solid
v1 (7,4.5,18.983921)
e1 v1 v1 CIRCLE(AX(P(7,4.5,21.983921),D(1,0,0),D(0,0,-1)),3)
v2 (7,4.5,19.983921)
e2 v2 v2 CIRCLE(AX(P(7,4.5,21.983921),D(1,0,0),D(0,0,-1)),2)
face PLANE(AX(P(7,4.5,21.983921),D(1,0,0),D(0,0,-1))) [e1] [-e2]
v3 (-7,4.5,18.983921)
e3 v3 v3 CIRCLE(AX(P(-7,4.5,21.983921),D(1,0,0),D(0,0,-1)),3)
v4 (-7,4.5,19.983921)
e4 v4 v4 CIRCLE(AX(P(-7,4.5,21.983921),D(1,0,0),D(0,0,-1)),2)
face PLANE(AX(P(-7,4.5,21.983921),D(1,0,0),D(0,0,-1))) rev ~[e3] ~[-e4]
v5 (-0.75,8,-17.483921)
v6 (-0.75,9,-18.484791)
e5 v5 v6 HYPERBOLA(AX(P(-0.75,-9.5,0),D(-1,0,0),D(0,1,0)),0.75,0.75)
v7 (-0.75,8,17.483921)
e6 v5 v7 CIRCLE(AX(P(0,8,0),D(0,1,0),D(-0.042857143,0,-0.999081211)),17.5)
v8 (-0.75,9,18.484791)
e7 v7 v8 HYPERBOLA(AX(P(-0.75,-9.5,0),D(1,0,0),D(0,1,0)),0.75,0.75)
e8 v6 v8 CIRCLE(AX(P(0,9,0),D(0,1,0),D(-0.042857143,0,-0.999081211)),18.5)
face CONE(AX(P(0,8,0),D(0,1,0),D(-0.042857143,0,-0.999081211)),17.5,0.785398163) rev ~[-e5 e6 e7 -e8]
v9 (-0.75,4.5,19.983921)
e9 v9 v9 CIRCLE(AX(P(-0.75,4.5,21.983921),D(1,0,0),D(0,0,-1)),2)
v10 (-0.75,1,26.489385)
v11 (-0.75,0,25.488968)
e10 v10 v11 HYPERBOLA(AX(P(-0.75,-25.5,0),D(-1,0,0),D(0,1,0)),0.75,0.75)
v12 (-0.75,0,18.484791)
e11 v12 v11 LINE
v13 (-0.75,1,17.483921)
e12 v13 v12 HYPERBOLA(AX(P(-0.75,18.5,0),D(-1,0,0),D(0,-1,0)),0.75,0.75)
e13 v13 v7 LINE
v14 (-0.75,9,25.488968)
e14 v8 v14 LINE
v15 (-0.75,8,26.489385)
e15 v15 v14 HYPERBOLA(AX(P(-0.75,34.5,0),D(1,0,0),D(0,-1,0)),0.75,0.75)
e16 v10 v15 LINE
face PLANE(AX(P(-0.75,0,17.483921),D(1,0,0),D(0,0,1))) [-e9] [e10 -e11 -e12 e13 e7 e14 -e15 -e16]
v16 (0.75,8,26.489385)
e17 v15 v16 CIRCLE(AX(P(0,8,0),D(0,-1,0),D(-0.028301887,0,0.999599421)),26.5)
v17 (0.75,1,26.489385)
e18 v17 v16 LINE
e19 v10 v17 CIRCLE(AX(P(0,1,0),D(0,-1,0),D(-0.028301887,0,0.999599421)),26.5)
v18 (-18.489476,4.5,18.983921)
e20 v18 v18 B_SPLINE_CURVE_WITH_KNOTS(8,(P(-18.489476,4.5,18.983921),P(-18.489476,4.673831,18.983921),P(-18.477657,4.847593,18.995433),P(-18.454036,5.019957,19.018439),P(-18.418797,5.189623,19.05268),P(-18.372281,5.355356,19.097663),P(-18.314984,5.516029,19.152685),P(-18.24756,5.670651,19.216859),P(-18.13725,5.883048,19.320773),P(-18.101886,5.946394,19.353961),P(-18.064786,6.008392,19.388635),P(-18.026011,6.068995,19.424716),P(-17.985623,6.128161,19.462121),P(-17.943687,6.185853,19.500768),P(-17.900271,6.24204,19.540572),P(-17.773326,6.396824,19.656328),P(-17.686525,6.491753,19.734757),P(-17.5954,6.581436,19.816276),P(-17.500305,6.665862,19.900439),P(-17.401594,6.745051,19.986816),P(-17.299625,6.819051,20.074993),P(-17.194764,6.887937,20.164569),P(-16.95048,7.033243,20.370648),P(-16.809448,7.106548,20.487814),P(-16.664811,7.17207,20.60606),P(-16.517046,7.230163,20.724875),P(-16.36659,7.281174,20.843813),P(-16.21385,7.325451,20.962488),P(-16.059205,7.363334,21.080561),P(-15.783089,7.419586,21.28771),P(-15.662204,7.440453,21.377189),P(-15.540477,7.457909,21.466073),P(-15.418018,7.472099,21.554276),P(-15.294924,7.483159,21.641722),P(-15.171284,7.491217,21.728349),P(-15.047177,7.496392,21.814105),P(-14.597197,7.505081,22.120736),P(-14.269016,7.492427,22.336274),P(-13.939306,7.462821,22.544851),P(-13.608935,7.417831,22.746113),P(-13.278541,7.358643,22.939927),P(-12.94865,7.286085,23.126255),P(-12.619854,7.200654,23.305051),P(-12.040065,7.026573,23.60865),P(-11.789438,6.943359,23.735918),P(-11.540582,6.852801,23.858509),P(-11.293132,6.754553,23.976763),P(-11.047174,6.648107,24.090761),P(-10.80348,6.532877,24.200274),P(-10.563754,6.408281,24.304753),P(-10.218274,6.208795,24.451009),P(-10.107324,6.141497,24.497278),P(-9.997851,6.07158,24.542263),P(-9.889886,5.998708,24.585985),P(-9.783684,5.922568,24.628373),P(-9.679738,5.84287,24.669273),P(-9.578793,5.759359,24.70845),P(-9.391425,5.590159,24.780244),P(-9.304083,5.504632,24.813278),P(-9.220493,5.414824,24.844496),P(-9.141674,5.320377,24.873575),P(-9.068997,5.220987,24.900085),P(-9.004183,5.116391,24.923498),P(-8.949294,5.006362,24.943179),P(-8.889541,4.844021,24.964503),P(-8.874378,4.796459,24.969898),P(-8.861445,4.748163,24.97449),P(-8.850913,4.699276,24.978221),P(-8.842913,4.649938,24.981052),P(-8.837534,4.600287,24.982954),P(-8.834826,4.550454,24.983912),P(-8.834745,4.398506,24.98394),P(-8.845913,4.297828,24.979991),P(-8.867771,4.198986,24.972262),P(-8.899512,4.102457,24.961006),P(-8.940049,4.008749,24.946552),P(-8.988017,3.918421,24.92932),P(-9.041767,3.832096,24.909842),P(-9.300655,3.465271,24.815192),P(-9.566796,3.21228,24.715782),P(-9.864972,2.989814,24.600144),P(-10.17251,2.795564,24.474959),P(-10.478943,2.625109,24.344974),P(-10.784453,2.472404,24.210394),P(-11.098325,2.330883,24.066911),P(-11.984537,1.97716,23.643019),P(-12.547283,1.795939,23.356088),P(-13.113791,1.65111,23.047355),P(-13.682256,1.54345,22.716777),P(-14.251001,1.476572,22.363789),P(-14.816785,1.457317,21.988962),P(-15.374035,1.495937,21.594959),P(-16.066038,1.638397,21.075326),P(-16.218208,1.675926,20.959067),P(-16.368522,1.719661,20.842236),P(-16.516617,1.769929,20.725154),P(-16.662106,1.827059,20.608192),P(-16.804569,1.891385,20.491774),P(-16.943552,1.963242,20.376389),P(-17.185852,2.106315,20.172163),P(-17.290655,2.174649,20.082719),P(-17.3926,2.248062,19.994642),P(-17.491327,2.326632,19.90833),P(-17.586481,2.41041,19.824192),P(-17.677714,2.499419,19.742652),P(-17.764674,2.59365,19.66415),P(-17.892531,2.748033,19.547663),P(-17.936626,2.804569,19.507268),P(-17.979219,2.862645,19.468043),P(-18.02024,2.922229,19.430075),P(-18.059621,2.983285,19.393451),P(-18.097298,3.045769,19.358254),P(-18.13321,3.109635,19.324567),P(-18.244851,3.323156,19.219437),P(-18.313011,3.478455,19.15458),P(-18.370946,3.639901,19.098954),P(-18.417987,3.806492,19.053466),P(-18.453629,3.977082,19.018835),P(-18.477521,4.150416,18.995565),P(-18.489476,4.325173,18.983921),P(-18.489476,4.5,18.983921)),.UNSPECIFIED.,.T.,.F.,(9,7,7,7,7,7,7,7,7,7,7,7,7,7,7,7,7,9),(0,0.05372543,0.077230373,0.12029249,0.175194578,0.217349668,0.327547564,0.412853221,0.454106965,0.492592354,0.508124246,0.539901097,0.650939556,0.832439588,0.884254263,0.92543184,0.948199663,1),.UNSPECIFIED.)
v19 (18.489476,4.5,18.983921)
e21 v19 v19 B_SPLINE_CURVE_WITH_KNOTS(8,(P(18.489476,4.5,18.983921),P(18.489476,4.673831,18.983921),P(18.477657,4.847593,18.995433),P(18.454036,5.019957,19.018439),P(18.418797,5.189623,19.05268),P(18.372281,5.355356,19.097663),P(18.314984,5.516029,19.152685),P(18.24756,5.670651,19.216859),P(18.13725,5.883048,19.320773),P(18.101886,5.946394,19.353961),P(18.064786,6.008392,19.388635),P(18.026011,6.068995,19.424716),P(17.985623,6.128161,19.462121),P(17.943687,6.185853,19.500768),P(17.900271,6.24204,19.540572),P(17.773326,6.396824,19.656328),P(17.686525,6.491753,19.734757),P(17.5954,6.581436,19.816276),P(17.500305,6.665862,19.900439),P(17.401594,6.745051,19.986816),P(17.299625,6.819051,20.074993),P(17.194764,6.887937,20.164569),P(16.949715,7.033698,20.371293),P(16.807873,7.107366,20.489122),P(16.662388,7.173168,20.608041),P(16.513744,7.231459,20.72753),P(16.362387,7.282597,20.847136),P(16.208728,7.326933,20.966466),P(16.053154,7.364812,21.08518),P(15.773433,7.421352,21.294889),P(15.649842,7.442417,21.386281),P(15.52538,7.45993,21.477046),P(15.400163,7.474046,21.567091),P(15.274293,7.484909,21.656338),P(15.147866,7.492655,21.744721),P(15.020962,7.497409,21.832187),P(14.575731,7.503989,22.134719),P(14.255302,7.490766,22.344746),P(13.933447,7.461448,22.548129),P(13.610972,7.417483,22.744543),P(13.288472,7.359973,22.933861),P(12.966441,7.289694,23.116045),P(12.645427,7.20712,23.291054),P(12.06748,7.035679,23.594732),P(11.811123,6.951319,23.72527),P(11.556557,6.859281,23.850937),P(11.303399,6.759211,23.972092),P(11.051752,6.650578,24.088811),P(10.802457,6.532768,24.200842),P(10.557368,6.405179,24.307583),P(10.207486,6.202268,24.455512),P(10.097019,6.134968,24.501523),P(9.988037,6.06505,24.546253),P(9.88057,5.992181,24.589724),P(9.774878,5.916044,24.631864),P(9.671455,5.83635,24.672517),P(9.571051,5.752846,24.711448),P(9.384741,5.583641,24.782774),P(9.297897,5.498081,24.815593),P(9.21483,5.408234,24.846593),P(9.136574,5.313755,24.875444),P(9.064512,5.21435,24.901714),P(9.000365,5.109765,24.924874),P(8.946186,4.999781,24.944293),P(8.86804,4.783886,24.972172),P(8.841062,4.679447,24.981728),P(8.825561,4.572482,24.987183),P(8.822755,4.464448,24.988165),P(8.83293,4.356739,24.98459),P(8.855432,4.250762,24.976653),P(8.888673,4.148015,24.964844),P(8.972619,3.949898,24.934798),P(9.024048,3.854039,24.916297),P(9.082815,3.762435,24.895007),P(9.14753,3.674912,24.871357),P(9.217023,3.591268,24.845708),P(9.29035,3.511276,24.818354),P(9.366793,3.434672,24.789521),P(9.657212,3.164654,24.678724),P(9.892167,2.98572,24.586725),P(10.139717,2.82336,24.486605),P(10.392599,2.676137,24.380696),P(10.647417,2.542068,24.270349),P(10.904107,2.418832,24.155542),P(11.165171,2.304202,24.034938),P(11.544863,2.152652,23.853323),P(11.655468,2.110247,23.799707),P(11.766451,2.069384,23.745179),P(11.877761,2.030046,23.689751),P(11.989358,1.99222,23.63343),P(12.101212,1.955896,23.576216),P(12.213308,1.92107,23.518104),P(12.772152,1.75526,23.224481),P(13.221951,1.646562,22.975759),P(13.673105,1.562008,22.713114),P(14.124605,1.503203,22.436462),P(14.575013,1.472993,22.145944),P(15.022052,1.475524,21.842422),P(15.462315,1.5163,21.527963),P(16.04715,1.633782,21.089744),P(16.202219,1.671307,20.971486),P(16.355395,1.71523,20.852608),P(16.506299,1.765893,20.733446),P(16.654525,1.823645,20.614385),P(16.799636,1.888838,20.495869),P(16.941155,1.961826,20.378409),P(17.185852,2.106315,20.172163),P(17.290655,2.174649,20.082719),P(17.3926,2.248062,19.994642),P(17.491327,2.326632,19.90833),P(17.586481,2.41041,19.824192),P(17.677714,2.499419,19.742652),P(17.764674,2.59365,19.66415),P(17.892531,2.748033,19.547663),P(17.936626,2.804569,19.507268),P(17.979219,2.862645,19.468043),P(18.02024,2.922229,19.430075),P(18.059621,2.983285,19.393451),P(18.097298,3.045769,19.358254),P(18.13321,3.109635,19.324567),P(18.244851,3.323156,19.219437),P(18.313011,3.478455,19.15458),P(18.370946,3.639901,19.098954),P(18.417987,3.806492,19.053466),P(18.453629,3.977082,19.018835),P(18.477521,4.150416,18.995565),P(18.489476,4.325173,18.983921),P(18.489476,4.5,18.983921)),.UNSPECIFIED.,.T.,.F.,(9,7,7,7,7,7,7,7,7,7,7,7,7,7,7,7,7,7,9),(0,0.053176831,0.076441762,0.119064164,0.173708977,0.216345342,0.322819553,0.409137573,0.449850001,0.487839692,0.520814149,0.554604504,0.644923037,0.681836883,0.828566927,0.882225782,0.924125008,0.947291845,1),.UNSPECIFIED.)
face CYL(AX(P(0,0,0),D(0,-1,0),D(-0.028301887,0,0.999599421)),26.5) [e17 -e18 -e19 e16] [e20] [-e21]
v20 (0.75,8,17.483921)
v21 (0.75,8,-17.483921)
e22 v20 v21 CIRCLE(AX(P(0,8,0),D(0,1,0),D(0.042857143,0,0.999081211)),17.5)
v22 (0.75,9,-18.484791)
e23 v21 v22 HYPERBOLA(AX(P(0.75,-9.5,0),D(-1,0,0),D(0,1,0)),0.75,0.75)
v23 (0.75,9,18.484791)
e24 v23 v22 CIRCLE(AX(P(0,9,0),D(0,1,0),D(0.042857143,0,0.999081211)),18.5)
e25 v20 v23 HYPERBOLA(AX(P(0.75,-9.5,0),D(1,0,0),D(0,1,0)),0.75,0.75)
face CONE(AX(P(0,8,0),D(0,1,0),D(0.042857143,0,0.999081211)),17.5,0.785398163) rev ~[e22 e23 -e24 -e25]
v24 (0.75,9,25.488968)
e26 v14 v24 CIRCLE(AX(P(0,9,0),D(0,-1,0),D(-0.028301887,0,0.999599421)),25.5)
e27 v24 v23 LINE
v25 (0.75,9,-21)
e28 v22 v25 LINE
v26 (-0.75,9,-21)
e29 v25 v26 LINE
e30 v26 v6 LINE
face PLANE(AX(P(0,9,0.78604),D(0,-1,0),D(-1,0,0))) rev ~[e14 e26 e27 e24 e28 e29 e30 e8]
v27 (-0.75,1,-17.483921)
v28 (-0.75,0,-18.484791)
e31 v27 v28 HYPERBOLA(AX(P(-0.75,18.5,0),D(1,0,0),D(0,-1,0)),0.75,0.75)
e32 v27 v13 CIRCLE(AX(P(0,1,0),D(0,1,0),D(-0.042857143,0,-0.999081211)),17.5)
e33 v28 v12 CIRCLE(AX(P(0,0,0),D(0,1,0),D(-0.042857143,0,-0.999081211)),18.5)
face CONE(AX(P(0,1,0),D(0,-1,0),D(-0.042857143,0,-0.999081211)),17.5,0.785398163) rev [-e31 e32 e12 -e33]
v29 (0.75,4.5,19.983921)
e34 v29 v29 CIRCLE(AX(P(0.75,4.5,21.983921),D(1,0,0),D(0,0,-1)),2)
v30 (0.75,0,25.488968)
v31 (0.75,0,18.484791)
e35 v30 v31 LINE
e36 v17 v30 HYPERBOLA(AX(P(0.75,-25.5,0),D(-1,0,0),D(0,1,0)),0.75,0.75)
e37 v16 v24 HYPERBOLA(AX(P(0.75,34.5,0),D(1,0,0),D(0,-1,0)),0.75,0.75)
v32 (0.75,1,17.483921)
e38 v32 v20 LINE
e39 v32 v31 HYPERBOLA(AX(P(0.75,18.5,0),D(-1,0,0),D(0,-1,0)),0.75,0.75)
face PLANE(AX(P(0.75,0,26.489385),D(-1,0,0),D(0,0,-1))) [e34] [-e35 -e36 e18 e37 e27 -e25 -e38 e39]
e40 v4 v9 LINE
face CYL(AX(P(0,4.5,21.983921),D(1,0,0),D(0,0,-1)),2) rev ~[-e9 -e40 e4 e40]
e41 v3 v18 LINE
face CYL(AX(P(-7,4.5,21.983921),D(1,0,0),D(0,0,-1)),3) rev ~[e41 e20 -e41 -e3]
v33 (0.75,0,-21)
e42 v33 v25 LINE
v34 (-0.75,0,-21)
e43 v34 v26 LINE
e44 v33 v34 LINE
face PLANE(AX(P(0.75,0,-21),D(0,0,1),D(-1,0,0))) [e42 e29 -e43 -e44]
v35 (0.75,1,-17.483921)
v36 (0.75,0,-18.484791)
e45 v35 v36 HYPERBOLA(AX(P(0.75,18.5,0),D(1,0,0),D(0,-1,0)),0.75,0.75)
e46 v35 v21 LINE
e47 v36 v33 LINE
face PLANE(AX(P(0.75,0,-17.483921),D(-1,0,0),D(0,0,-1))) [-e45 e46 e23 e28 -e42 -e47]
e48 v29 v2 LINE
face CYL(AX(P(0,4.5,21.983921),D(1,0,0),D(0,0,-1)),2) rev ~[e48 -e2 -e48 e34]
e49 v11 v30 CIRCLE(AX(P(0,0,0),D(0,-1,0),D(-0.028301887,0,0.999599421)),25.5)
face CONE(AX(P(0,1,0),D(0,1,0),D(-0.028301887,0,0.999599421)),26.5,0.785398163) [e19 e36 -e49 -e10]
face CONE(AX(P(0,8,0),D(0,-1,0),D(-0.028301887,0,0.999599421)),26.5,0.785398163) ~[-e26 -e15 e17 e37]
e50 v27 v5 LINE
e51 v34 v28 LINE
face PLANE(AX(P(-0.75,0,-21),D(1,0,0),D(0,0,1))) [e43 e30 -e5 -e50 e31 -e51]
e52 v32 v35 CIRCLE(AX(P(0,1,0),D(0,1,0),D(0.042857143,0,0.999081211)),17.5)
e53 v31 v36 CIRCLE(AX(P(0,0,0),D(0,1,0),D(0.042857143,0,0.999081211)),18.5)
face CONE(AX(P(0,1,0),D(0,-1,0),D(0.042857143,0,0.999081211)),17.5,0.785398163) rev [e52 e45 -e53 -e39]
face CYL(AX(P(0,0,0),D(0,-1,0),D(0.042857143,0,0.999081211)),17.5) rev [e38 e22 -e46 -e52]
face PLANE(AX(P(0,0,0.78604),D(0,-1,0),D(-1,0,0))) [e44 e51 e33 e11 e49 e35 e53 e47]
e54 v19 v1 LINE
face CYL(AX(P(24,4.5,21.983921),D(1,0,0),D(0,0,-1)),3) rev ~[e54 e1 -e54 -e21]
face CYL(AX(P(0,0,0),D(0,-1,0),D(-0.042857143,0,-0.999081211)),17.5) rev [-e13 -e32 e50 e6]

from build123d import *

# Parameters (mm, degrees)
BOSS_EXTRUDE1_DEPTH = 9
CHAMFER1_SIZE       = 1
SKETCH2_R           = 2
CUT_EXTRUDE1_DEPTH  = 25
CUT_EXTRUDE2_START  = -7
SKETCH2_3_R         = 3
SKETCH2_3_R_2       = 2
CUT_EXTRUDE2_DEPTH  = 15
CUT_EXTRUDE3_START  = 24
SKETCH2_4_R         = 3
SKETCH2_4_R_2       = 2
CUT_EXTRUDE3_DEPTH  = 17


with BuildPart() as part:
    # Sketch1 → Boss-Extrude1 (new body)
    with BuildSketch(Plane(origin=(0, 0, 0), x_dir=(1, 0, 0), z_dir=(0, 1, 0))):
        with BuildLine():
            Line((-0.75, 21), (-0.75, 17.483921185))
            ThreePointArc((-0.75, 17.483921185), (-17.5, 0), (-0.75, -17.483921185))
            Line((-0.75, -17.483921185), (-0.75, -26.489384666))
            ThreePointArc((-0.75, -26.489384666), (0, 26.5), (0.75, -26.489384666))
            Line((0.75, -26.489384666), (0.75, -17.483921185))
            ThreePointArc((0.75, -17.483921185), (17.5, 0), (0.75, 17.483921185))
            Line((0.75, 17.483921185), (0.75, 21))
            Line((0.75, 21), (-0.75, 21))
        make_face()
    extrude(amount=BOSS_EXTRUDE1_DEPTH)

    # Chamfer1
    chamfer1_edges = [part.edges().sort_by_distance(p)[0] for p in [
        (17.5, 0, 0),
        (17.5, 9, 0),
        (0, 9, -26.5),
        (-17.5, 9, 0),
        (-17.5, 0, 0),
        (0, 0, -26.5),
    ]]
    chamfer(chamfer1_edges, length=CHAMFER1_SIZE)

    # Sketch2 → Cut-Extrude1 (cut, symmetric)
    with BuildSketch(Plane(origin=(0, 0, 0), x_dir=(0, 0, -1), z_dir=(1, 0, 0))):
        with Locations((-21.983921185, 4.5)):
            Circle(SKETCH2_R)
    extrude(amount=CUT_EXTRUDE1_DEPTH, both=True, mode=Mode.SUBTRACT)

    # Sketch2<3> → Cut-Extrude2 (cut)
    with BuildSketch(Plane(origin=(0, 0, 0), x_dir=(0, 0, -1), z_dir=(1, 0, 0)).offset(CUT_EXTRUDE2_START)):
        with Locations((-21.983921185, 4.5)):
            Circle(SKETCH2_3_R)
        with Locations((-21.983921185, 4.5)):
            Circle(SKETCH2_3_R_2, mode=Mode.SUBTRACT)
    extrude(amount=-CUT_EXTRUDE2_DEPTH, mode=Mode.SUBTRACT)

    # Sketch2<4> → Cut-Extrude3 (cut)
    with BuildSketch(Plane(origin=(0, 0, 0), x_dir=(0, 0, -1), z_dir=(1, 0, 0)).offset(CUT_EXTRUDE3_START)):
        with Locations((-21.983921185, 4.5)):
            Circle(SKETCH2_4_R)
        with Locations((-21.983921185, 4.5)):
            Circle(SKETCH2_4_R_2, mode=Mode.SUBTRACT)
    extrude(amount=-CUT_EXTRUDE3_DEPTH, mode=Mode.SUBTRACT)


solid = part.part
